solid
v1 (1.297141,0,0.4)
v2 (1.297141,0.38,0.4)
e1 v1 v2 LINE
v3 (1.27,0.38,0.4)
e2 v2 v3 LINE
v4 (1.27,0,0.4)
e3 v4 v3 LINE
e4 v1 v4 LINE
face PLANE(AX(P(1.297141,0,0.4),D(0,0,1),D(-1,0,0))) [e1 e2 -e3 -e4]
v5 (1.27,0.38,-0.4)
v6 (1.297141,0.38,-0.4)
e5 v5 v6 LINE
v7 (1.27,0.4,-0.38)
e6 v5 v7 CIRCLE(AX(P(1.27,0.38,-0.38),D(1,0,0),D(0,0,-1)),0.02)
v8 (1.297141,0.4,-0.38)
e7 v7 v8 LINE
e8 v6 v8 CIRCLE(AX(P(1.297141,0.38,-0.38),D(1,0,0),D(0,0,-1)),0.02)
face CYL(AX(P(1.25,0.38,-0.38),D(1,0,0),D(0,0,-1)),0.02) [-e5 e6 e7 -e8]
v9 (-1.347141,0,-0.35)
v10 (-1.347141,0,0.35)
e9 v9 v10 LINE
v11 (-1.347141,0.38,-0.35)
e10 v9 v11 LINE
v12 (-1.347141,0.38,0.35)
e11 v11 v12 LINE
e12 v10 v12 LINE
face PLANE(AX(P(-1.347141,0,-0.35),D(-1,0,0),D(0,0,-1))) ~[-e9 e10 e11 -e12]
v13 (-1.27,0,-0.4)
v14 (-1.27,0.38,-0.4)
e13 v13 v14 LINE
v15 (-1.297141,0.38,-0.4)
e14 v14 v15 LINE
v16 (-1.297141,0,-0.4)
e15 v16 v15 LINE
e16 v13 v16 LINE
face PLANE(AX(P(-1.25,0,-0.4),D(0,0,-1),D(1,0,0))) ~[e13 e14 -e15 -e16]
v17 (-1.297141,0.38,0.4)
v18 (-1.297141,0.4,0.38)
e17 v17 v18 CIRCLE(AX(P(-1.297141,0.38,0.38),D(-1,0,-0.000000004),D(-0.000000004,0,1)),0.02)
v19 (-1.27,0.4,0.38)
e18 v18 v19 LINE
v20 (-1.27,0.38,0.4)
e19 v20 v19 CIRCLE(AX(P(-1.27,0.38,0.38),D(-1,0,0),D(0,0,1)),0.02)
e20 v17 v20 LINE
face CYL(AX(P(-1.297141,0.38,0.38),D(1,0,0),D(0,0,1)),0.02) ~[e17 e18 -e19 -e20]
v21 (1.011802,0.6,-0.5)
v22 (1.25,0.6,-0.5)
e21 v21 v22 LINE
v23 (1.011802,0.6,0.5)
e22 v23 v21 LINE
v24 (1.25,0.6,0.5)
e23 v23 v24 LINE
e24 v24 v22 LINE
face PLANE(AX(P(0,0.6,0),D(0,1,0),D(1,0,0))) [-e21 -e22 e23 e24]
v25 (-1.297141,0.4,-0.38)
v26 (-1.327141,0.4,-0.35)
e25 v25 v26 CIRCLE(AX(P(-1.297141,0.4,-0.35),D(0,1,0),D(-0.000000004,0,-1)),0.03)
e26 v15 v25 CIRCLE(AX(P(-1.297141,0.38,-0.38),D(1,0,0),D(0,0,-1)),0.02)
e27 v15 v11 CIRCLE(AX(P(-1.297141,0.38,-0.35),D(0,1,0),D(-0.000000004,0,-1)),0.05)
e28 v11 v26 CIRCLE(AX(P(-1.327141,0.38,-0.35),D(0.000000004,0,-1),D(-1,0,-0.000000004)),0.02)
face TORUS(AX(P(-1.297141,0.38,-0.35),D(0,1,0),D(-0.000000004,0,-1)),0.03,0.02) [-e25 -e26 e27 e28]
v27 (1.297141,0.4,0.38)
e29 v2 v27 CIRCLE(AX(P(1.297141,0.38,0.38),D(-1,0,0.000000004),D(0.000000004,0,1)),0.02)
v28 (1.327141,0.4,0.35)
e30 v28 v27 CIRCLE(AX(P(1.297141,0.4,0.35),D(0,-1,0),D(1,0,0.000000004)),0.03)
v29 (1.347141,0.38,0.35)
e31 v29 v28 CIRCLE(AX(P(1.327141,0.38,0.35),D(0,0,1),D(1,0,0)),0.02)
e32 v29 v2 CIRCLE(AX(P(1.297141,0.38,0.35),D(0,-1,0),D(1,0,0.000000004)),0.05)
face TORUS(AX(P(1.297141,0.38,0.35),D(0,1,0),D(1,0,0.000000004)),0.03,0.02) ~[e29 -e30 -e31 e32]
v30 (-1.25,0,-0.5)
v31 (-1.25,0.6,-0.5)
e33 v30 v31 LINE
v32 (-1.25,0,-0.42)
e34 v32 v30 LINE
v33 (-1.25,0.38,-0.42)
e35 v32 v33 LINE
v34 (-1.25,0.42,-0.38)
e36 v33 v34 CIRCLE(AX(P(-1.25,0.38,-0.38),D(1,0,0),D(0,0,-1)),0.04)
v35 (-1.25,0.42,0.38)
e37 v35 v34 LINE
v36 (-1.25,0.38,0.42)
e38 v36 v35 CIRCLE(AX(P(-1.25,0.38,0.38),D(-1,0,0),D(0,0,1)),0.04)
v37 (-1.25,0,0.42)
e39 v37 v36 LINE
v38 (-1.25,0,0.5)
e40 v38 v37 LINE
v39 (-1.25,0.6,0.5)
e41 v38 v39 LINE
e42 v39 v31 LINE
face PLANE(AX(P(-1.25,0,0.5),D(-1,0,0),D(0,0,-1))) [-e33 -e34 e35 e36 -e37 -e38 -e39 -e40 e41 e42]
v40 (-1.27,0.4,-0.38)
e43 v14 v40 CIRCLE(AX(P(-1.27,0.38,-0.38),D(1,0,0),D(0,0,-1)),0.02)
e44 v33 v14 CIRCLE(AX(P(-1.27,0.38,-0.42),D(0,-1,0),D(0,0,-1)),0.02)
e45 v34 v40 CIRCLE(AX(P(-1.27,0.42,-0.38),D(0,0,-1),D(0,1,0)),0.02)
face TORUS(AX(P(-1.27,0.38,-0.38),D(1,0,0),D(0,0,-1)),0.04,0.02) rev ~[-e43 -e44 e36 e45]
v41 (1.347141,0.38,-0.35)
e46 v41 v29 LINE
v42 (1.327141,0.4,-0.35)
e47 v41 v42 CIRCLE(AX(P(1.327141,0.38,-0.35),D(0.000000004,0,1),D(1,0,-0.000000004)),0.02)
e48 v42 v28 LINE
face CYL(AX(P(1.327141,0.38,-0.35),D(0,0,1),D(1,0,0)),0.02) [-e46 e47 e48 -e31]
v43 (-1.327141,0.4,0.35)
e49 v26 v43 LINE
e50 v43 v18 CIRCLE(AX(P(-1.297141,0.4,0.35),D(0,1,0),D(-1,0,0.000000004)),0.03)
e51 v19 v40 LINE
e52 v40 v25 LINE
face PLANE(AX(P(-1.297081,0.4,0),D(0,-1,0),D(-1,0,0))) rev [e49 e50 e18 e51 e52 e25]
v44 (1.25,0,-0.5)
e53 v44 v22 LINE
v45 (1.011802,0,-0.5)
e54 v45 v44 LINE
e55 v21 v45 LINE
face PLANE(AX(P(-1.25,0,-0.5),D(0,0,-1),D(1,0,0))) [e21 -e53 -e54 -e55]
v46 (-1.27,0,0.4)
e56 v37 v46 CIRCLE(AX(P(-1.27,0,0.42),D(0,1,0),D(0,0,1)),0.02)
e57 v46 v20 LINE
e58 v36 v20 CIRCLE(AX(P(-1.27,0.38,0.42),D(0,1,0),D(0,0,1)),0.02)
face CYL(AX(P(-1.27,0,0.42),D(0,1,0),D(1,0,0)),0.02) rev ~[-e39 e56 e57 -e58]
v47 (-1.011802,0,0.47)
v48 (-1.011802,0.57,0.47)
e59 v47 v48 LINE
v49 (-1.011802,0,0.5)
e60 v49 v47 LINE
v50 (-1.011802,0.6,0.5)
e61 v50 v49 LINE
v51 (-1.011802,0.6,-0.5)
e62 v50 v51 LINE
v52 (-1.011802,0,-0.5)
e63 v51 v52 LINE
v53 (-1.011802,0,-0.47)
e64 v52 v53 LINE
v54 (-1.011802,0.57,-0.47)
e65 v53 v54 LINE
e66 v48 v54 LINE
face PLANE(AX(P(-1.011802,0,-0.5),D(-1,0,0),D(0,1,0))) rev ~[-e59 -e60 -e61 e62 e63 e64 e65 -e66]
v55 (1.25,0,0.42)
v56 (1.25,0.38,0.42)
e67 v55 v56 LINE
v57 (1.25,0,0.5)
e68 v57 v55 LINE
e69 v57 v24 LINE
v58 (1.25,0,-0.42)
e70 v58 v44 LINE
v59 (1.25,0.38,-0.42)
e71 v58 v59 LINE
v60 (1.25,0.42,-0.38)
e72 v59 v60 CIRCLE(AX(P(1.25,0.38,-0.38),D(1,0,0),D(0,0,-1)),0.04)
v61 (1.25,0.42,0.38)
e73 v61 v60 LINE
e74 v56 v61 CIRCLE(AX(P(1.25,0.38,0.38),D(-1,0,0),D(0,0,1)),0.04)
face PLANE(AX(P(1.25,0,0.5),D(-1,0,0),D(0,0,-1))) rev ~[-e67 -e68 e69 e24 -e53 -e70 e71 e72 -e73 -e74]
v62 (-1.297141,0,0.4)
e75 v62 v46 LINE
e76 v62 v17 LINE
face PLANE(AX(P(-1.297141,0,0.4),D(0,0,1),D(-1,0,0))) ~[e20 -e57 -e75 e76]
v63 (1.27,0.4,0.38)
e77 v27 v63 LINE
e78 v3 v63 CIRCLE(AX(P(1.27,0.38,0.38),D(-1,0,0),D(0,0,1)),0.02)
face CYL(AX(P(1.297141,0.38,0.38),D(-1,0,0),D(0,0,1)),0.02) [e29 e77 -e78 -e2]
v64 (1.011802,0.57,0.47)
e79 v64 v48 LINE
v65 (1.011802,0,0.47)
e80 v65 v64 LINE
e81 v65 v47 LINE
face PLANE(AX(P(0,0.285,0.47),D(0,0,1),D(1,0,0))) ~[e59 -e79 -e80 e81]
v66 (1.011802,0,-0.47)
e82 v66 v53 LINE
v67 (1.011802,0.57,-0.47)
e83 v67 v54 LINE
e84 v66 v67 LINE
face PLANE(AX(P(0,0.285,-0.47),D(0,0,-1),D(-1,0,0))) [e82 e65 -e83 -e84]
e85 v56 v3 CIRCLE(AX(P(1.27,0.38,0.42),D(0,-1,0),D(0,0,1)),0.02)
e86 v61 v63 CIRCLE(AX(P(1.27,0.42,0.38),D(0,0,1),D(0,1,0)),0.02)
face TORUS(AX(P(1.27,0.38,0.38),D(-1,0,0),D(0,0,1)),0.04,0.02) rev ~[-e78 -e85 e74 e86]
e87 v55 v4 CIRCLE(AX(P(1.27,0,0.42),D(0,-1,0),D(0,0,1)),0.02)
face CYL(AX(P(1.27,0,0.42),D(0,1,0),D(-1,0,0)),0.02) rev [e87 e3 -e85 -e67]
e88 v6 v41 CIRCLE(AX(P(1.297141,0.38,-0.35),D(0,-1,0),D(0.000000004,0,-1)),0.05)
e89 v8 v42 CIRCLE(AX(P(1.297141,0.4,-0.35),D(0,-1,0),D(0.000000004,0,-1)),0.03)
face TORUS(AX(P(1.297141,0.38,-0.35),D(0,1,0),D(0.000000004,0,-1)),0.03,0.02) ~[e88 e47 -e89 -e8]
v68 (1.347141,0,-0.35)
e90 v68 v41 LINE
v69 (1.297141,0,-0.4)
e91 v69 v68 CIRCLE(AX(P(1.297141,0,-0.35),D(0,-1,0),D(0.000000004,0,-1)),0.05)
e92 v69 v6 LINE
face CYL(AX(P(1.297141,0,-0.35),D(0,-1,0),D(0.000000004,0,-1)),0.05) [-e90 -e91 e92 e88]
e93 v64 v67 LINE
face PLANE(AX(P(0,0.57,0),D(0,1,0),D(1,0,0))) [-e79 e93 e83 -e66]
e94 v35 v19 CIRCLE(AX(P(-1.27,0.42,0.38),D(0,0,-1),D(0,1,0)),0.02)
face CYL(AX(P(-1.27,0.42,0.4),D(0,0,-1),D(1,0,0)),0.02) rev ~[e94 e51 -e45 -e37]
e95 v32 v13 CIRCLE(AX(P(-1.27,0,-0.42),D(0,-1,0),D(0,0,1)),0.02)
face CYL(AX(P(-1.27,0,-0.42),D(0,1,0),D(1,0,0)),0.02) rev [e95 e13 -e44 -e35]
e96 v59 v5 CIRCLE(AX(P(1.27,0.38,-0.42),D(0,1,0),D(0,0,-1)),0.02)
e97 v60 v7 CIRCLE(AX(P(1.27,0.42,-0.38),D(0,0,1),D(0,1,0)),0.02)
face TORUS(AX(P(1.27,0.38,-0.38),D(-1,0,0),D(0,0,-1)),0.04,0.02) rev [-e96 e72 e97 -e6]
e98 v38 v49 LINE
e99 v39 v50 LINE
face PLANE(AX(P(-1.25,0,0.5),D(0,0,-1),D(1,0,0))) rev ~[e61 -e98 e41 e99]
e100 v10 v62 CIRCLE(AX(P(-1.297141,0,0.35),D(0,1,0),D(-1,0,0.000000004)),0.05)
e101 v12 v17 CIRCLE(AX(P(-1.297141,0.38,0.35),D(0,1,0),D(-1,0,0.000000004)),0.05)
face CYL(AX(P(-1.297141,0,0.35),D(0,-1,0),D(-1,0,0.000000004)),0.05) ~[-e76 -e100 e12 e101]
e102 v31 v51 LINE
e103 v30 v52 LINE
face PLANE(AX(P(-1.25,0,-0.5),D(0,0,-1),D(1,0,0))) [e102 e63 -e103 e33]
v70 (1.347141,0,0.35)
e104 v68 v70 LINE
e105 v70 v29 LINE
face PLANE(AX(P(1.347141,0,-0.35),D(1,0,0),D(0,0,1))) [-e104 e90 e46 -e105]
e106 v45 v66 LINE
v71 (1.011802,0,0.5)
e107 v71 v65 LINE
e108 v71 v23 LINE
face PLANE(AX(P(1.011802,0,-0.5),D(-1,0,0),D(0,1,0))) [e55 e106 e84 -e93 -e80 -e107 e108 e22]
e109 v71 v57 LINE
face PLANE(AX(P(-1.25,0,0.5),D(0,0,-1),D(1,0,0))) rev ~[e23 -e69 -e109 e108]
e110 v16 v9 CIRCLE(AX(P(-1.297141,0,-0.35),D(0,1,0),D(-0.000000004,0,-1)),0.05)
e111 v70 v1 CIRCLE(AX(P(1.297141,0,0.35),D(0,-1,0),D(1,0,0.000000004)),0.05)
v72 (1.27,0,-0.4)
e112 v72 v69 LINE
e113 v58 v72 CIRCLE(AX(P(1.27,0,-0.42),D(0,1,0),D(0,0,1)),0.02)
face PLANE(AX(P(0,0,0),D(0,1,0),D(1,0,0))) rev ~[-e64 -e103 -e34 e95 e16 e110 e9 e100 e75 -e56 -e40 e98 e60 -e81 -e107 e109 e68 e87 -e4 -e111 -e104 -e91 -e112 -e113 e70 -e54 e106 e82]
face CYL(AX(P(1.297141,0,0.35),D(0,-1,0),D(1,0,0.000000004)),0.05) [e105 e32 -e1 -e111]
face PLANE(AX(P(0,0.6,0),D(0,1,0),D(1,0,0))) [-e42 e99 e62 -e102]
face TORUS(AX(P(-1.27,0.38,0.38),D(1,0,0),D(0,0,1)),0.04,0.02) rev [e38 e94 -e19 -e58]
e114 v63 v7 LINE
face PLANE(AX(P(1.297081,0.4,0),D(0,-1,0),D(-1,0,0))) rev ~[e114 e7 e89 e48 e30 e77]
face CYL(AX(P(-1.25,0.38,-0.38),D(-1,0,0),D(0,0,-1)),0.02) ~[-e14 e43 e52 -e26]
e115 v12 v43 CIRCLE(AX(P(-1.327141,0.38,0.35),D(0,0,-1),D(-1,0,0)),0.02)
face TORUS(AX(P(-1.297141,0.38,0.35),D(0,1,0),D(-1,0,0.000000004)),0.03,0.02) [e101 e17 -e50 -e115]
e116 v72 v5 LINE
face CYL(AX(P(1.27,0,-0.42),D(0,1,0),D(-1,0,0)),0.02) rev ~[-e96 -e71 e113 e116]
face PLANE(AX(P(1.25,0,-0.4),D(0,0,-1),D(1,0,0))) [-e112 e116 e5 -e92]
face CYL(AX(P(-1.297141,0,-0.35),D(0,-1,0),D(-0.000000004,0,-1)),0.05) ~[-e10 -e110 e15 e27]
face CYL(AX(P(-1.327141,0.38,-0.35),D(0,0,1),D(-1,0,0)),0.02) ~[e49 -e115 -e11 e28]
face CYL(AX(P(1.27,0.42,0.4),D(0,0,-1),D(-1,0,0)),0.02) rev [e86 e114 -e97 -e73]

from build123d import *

# Parameters (mm, degrees)
ESQUISSE1_W             = 2.5
ESQUISSE1_H             = 1
BOSS_EXTRU_1_DEPTH      = 0.6
ESQUISSE2_W             = 2.023603034
ESQUISSE2_H             = 1
ENL_V_MAT_EXTRU_1_DEPTH = 0.03
BOSS_EXTRU_2_DEPTH      = 0.4
CONG_1_R                = 0.02
CONG_1_OF_SYM_TRIE2_R   = 0.02
ESQUISSE5_W             = 2.023603034
ESQUISSE5_H             = 0.57
ENL_V_MAT_EXTRU_2_DEPTH = 0.03


with BuildPart() as part:
    # Esquisse1 → Boss.-Extru.1 (new body)
    with BuildSketch(Plane(origin=(0, 0, 0), x_dir=(1, 0, 0), z_dir=(0, 1, 0))):
        Rectangle(ESQUISSE1_W, ESQUISSE1_H)
    extrude(amount=BOSS_EXTRU_1_DEPTH)

    # Esquisse2 → Enlèv. mat.-Extru.1 (cut)
    with BuildSketch(Plane(origin=(0, 0.6, 0), x_dir=(1, 0, 0), z_dir=(0, 1, 0))):
        Rectangle(ESQUISSE2_W, ESQUISSE2_H)
    extrude(amount=-ENL_V_MAT_EXTRU_1_DEPTH, mode=Mode.SUBTRACT)

    # Esquisse3 → Boss.-Extru.2 (add)
    with BuildSketch(Plane(origin=(0, 0, 0), x_dir=(1, 0, 0), z_dir=(0, 1, 0))):
        with BuildLine():
            Line((1.25, 0.4), (1.297141448, 0.4))
            ThreePointArc((1.297141448, 0.4), (1.332496787, 0.385355339), (1.347141448, 0.35))
            Line((1.347141448, 0.35), (1.347141448, -0.35))
            ThreePointArc((1.347141448, -0.35), (1.332496787, -0.385355339), (1.297141448, -0.4))
            Line((1.297141448, -0.4), (1.25, -0.4))
            Line((1.25, -0.4), (1.25, 0.4))
        make_face()
    boss_extru_2 = extrude(amount=BOSS_EXTRU_2_DEPTH)

    # Congé1
    cong_1_edges = [part.edges().sort_by_distance(p)[0] for p in [
        (1.25, 0.2, -0.4),
        (1.25, 0.2, 0.4),
        (1.25, 0.4, 0),
        (1.273570724, 0.4, 0.4),
        (1.332496787, 0.4, 0.385355339),
        (1.347141448, 0.4, 0),
        (1.332496787, 0.4, -0.385355339),
        (1.273570724, 0.4, -0.4),
    ]]
    fillet(cong_1_edges, radius=CONG_1_R)

    # Symétrie2: Boss.-Extru.2 across plane
    add(boss_extru_2.mirror(Plane(origin=(0, 0, 0), x_dir=(0, 0, 1), z_dir=(1, 0, 0))))

    # Congé1 of Symétrie2
    cong_1_of_sym_trie2_edges = [part.edges().sort_by_distance(p)[0] for p in [
        (-1.25, 0.2, -0.4),
        (-1.25, 0.2, 0.4),
        (-1.25, 0.4, 0),
        (-1.273570724, 0.4, 0.4),
        (-1.332496787, 0.4, 0.385355339),
        (-1.347141448, 0.4, 0),
        (-1.332496787, 0.4, -0.385355339),
        (-1.273570724, 0.4, -0.4),
    ]]
    fillet(cong_1_of_sym_trie2_edges, radius=CONG_1_OF_SYM_TRIE2_R)

    # Esquisse5 → Enlèv. mat.-Extru.2 (cut)
    with BuildSketch(Plane(origin=(0, 0, -0.5), x_dir=(-1, 0, 0), z_dir=(0, 0, -1))):
        with Locations((0, 0.285)):
            Rectangle(ESQUISSE5_W, ESQUISSE5_H)
    enl_v_mat_extru_2 = extrude(amount=-ENL_V_MAT_EXTRU_2_DEPTH, mode=Mode.SUBTRACT)

    # Symétrie3: Enlèv. mat.-Extru.2 across plane
    add(enl_v_mat_extru_2.mirror(Plane.XY), mode=Mode.SUBTRACT)


solid = part.part
